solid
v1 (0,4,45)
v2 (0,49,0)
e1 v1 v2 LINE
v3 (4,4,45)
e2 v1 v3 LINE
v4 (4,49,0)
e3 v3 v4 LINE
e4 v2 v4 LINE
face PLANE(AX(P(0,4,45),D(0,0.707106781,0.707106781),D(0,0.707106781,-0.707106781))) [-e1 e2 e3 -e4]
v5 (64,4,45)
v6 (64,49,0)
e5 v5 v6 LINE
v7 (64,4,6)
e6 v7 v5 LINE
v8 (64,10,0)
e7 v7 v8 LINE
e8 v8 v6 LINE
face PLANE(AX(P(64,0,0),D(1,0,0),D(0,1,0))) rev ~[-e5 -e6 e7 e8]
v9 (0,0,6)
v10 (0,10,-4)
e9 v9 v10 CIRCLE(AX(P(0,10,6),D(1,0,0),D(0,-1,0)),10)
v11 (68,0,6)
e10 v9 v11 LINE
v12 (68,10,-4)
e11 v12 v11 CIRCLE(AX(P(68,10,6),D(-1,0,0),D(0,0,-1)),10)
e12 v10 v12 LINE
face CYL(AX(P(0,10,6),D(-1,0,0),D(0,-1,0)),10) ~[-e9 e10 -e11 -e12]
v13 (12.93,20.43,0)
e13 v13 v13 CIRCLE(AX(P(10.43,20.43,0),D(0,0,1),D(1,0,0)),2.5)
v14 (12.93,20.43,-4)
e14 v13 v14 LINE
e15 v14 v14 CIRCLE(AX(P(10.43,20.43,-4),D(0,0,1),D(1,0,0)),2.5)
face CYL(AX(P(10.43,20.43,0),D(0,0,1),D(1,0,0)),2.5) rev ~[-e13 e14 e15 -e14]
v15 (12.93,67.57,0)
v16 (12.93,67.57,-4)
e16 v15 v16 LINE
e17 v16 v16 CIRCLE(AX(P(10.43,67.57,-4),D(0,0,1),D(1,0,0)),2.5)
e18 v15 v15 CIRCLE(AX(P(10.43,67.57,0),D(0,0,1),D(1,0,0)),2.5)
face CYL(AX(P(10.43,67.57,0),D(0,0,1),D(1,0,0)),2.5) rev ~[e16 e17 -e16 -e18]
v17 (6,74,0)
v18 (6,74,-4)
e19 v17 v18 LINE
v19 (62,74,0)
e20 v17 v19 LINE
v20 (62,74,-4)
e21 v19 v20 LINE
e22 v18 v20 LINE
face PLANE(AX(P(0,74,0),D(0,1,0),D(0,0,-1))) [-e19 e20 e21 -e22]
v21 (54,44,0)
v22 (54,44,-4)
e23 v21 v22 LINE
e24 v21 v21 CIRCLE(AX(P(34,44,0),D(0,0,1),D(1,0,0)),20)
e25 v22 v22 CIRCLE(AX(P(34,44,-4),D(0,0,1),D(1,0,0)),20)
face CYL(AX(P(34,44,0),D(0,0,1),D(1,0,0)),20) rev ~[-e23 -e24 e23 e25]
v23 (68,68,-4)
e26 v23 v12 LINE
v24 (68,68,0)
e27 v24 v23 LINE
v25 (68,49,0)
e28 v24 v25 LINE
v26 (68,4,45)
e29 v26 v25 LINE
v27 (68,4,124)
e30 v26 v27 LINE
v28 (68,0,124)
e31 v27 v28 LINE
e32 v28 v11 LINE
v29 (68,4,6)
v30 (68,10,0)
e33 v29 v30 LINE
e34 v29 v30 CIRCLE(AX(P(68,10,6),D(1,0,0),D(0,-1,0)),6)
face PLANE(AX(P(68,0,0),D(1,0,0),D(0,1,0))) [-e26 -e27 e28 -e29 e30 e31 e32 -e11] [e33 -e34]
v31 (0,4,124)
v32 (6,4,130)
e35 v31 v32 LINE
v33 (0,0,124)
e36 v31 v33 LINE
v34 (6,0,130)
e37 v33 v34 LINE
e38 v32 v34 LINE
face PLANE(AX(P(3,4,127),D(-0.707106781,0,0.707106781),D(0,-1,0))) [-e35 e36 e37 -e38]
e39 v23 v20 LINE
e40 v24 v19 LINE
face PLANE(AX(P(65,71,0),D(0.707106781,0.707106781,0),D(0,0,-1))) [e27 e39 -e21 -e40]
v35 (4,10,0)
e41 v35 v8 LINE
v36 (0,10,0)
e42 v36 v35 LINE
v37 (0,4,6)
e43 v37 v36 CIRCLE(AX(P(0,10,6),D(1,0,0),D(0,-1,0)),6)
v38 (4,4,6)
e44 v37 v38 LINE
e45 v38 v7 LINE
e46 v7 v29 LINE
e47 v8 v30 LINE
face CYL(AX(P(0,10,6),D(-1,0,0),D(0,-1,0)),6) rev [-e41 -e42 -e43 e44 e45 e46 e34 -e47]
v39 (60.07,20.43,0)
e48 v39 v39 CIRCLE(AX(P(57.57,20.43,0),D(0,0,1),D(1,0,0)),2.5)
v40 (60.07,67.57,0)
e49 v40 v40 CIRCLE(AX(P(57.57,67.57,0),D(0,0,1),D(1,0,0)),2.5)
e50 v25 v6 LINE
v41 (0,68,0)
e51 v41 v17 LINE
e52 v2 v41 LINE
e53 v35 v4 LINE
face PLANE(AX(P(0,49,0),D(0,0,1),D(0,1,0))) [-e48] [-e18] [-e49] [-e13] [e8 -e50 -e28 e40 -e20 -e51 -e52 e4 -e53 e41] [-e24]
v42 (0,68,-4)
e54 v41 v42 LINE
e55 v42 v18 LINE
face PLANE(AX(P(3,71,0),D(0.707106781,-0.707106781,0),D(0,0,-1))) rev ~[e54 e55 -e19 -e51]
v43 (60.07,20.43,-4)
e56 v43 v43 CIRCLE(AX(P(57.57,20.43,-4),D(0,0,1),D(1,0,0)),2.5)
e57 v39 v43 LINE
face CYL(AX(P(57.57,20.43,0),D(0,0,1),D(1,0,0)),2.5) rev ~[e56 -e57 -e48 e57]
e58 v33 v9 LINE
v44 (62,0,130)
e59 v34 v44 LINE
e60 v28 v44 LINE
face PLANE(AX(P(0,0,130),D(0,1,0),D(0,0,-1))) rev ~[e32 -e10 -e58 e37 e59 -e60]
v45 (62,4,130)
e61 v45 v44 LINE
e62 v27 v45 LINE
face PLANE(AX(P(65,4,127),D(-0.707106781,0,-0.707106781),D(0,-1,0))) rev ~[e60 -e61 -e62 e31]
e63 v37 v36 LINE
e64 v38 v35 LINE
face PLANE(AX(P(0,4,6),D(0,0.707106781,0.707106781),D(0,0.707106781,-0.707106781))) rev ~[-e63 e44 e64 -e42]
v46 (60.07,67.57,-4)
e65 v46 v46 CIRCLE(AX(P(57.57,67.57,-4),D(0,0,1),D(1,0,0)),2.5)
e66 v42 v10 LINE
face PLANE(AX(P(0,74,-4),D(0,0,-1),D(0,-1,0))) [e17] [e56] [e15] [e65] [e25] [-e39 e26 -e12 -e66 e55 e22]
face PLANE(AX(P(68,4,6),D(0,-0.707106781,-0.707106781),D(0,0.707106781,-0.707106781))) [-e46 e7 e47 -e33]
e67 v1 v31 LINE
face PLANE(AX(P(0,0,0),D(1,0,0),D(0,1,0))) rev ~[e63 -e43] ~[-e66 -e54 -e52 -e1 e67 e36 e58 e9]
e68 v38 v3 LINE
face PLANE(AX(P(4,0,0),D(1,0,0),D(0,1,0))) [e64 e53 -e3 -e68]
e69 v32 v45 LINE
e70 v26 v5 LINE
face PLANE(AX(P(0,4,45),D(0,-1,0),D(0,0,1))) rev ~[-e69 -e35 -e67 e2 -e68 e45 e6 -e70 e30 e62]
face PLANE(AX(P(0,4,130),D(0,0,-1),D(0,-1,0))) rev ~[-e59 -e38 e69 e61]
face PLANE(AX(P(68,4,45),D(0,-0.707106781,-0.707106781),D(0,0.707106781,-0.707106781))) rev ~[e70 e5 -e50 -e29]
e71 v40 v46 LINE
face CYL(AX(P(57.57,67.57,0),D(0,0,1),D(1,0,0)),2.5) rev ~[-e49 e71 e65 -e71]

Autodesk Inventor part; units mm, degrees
ref_plane "YZ Plane" through (0, 0, 0) normal (1, 0, 0) x (0, 1, 0)
ref_plane "XZ Plane" through (0, 0, 0) normal (0, 1, 0) x (-1, 0, 0)
sketch "Sketch1" plane through (0, 0, 0) normal (1, 0, 0) x (0, 1, 0)
  line L0 (0, 0) -> (4, 0)
  line L1 (4, 6) -> (4, 130)
  line L2 (4, 130) -> (0, 130)
  line L3 (0, 130) -> (0, 0)
  line L4 (10, 0) -> (74, 0)
  line L5 (74, 0) -> (74, -4)
  line L6 (74, -4) -> (10, -4)
  line L7 (0, 6) -> (0, 0)
  line L8 (4, 45) -> (49, 0)
  arc A0 (4, 6) -> (10, 0) centre (10, 6) ccw
  arc A1 (0, 6) -> (10, -4) centre (10, 6) ccw
  line L9 (4, 6) -> (10, 0)
  point P0 (0, -4)
  point P1 (0, 6)
  point P2 (2, 0)
  dimension "d0" = 4
  dimension "d1" = 130
  dimension "d2" = 70
  dimension "d3" = 45
  dimension "d4" = 45
  dimension "d35" = 10
extrude "Extrusion1" add sketch "Sketch1" along normal blind 68 contours A1 L3 L2 L1 A0 L4 L5 L6
extrude "Extrusion2" add sketch "Sketch1" along normal blind 4 contours L8 L4 L9 L1
extrude "Extrusion3" add sketch "Sketch1" against normal blind 4 from surface at 68 contours L8 L4 L9 L1
sketch "Sketch2" plane through (0, 74, 0) normal (0, 0, 1) x (1, 0, 0)
  line L0 (0, 0) -> (68, 0) construction
  line L1 (4, 0) -> (64, 0) construction
  line L2 (64, 0) -> (64, -60) construction
  line L3 (64, -60) -> (4, -60) construction
  line L4 (4, -60) -> (4, 0) construction
  line L5 (4, -25) -> (4, -70) construction
  line L6 (64, -70) -> (64, -25) construction
  line L7 (10.43, -6.43) -> (57.57, -6.43) construction
  line L8 (57.57, -6.43) -> (57.57, -53.57) construction
  line L9 (57.57, -53.57) -> (10.43, -53.57) construction
  line L10 (10.43, -53.57) -> (10.43, -6.43) construction
  line L11 (4, 0) -> (64, -60) construction
  line L12 (4, -60) -> (64, 0) construction
  circle A0 centre (34, -30) radius 20
  circle A1 centre (10.43, -6.43) radius 2.5
  circle A2 centre (57.57, -6.43) radius 2.5
  circle A3 centre (57.57, -53.57) radius 2.5
  circle A4 centre (10.43, -53.57) radius 2.5
  dimension "d26" = 60
  dimension "d27" = 60
  dimension "d28" = 47.14
  dimension "d29" = 40
  dimension "d30" = 5
extrude "Extrusion4" cut sketch "Sketch2" against normal through all
chamfer "Chamfer1" distance 6 angle 45 4 edges at (68, 74, -2) (0, 74, -2) (68, 2, 130) (0, 2, 130)
ref_plane "Work Plane1" through (34, 0, 0) normal (1, 0, 0) x (0, 0, -1)
properties part number "MotorBracket" material "Stainless Steel"
